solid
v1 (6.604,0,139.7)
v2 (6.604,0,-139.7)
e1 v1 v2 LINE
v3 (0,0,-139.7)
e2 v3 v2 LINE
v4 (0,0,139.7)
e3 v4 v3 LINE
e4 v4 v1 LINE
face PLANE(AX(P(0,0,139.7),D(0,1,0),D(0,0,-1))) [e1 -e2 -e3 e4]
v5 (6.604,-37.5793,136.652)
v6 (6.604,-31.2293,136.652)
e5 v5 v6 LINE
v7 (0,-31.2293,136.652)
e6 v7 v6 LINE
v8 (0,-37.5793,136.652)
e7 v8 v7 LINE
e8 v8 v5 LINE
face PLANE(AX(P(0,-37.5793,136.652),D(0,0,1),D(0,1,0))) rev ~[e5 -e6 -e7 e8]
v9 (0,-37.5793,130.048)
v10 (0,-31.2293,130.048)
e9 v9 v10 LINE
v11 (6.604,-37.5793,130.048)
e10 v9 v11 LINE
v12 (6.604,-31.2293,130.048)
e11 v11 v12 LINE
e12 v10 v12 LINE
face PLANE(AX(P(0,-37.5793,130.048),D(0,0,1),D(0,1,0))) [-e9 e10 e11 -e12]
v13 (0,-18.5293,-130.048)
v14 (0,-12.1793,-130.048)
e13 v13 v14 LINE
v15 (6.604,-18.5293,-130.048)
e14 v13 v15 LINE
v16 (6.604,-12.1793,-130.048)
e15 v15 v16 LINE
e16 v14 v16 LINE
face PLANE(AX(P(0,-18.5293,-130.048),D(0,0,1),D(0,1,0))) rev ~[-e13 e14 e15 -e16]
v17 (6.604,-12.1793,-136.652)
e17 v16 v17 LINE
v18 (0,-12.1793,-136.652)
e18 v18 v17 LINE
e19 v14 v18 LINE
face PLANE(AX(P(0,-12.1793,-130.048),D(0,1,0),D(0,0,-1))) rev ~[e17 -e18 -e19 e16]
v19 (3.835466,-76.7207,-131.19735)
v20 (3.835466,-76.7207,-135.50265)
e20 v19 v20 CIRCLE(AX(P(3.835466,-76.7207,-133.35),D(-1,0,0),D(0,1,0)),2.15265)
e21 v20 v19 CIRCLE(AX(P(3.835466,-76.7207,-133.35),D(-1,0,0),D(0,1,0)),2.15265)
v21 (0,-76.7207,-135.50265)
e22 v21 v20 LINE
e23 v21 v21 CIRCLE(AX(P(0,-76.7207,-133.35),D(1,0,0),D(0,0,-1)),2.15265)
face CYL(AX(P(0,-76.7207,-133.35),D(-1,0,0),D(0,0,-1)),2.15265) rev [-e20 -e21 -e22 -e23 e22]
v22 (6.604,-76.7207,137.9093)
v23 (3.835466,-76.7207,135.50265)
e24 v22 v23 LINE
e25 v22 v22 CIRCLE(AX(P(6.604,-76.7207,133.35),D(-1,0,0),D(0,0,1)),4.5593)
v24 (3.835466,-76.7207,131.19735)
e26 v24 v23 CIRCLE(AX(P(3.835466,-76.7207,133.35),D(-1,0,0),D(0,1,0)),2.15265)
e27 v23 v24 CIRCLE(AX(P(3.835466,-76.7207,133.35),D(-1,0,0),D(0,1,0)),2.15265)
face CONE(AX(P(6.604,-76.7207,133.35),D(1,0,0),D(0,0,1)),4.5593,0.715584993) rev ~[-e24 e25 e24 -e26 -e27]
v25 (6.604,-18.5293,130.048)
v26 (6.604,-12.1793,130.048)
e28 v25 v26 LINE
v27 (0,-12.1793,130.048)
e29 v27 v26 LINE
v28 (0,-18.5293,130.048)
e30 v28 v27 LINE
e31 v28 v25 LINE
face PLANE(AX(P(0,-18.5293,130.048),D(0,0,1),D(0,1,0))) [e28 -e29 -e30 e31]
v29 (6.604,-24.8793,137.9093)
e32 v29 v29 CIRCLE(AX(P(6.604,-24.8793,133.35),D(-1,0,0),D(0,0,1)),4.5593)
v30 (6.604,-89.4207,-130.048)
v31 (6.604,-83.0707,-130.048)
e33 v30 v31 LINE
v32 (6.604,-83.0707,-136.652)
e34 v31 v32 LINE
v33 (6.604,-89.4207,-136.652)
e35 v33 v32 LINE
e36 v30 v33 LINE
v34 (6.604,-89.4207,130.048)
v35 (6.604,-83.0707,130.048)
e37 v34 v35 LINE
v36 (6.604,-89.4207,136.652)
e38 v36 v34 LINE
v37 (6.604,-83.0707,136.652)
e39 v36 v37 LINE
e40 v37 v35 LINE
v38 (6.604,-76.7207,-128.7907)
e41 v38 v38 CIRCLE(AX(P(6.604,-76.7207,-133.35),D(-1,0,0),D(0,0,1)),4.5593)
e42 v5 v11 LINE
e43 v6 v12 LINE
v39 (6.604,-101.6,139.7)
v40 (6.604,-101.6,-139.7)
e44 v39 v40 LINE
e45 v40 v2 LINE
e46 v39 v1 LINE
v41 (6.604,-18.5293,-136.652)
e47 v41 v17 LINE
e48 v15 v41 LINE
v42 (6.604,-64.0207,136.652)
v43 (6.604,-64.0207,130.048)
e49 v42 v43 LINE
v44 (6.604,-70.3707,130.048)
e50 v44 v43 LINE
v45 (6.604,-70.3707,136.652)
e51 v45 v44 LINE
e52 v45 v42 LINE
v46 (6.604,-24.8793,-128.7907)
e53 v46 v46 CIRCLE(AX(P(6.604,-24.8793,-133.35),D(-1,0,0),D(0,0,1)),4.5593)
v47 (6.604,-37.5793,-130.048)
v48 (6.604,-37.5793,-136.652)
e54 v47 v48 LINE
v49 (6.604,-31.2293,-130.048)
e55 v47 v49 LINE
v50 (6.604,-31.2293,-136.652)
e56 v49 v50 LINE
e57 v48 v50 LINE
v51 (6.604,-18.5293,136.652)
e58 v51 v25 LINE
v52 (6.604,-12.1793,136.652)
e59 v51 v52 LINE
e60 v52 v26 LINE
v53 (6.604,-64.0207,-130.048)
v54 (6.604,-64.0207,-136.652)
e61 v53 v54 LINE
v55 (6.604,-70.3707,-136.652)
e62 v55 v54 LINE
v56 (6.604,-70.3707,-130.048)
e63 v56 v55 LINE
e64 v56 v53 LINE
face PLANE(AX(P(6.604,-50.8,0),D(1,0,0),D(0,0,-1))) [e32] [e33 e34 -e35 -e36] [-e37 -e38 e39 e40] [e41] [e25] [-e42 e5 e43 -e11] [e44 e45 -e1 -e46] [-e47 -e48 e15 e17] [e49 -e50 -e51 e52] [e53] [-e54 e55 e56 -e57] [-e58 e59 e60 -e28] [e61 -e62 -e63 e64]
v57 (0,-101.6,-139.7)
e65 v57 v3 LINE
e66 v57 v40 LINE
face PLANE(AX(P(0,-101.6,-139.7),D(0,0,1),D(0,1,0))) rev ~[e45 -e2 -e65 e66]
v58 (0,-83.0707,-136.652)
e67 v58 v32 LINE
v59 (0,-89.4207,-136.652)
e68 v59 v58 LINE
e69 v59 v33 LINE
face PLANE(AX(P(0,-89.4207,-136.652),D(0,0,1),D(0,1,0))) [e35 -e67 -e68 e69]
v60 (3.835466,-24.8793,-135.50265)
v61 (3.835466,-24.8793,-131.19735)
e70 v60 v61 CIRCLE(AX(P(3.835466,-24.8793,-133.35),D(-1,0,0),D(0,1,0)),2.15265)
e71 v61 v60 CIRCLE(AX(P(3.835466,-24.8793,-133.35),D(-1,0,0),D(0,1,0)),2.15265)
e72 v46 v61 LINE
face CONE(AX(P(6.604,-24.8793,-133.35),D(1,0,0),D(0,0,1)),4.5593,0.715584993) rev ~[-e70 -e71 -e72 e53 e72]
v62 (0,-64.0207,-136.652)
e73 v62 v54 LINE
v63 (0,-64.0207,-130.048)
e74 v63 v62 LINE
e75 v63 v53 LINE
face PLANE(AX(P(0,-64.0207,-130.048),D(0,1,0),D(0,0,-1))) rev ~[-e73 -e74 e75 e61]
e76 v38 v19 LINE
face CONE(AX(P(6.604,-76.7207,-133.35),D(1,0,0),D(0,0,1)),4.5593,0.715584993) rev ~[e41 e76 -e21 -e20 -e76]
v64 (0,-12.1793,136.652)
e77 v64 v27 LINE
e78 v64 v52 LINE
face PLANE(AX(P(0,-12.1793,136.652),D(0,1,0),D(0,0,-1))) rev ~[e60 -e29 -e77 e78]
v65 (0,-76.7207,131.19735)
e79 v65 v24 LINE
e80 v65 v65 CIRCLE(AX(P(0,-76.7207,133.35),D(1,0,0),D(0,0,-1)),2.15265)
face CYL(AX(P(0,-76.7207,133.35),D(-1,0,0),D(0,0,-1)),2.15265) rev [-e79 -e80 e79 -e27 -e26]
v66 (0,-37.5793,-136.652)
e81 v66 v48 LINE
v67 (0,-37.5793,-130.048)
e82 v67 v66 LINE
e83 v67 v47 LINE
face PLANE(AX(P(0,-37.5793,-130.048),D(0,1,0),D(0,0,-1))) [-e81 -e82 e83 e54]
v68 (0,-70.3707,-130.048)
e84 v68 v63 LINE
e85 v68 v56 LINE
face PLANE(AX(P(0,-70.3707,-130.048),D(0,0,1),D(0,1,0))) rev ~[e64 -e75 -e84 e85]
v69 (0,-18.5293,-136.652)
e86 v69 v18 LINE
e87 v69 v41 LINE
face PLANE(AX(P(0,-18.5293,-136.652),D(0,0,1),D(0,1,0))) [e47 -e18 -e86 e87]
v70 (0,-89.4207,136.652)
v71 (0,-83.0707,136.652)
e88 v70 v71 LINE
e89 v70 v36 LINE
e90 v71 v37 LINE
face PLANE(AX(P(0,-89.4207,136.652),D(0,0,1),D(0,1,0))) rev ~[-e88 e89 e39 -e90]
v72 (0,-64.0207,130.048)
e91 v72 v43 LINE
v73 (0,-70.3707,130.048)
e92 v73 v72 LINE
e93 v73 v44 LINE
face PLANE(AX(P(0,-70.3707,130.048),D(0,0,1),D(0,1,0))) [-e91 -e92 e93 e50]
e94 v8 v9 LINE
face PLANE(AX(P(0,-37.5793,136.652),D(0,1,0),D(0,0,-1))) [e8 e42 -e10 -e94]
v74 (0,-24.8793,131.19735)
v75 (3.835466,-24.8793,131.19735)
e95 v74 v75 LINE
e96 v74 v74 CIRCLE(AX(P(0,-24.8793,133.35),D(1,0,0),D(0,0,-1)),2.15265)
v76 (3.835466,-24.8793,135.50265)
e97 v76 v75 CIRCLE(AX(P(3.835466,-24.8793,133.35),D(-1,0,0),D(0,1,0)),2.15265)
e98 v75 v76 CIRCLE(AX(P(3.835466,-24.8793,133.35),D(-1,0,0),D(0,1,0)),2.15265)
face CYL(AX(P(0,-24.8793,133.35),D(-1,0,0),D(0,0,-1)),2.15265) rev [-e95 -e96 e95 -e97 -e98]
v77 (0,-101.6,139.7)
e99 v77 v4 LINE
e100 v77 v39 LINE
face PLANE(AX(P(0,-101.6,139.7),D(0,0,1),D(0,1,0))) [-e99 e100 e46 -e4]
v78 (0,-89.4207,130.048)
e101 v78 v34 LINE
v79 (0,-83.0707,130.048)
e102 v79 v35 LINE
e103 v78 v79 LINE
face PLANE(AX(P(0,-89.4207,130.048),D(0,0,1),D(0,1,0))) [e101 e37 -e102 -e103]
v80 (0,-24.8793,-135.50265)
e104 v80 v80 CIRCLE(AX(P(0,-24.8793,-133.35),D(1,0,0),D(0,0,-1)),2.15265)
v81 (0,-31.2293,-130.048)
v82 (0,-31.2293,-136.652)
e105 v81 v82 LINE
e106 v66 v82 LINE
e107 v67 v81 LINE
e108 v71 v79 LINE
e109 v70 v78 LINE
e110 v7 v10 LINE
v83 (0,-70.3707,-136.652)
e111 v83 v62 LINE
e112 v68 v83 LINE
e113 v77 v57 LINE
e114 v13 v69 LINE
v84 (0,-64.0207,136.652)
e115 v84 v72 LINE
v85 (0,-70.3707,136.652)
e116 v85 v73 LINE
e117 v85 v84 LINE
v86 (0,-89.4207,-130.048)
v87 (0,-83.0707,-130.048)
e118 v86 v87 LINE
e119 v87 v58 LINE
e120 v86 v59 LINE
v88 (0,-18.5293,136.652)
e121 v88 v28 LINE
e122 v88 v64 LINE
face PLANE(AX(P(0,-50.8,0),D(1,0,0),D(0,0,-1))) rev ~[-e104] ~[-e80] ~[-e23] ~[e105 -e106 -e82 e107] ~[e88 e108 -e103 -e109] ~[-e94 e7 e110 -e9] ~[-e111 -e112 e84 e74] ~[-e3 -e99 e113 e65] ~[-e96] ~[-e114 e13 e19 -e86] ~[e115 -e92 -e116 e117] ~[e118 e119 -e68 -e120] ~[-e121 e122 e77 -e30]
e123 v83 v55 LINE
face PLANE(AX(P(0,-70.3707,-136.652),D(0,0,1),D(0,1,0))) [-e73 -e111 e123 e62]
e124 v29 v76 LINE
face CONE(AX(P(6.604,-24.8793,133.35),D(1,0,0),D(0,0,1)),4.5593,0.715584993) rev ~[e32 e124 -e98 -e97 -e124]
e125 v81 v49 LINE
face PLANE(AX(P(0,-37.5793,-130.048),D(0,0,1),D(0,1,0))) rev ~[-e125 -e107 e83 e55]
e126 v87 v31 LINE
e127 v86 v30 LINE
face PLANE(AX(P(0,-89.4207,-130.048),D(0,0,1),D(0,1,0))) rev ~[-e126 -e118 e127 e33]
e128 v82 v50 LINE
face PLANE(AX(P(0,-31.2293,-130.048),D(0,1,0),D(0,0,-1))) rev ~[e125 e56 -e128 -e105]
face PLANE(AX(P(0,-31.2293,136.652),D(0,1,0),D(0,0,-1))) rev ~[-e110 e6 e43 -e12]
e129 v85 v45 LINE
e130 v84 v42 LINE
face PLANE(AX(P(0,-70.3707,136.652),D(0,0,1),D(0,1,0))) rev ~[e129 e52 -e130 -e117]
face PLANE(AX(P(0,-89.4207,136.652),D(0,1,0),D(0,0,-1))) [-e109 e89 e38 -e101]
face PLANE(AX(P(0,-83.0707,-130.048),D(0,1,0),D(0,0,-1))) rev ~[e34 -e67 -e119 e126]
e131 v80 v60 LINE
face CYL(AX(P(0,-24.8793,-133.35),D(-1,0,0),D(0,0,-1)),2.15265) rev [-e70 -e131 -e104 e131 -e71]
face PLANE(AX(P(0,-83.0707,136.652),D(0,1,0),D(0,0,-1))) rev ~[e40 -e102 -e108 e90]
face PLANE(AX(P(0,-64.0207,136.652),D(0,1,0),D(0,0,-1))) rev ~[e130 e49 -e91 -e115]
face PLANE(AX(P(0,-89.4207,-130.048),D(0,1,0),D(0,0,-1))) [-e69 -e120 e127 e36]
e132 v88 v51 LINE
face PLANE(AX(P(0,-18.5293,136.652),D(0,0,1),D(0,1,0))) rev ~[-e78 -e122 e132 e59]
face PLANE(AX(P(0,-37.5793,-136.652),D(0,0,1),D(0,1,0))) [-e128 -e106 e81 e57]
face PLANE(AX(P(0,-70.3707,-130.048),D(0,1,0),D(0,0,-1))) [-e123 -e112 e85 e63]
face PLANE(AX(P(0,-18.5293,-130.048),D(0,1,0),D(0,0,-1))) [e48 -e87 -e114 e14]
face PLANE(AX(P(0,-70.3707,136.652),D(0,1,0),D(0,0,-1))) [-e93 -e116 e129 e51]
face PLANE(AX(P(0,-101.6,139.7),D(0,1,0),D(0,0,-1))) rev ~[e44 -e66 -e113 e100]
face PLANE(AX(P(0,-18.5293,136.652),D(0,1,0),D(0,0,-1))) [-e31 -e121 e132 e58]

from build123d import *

# Parameters (mm, degrees)
SKETCH1_W                                         = 279.4
SKETCH1_H                                         = 101.6
SKETCH1_R                                         = 2.15265
SKETCH1_W_2                                       = 6.604
SKETCH1_H_2                                       = 6.35
BOSS_EXTRUDE1_DEPTH                               = 6.604
CSK_FOR_8_FLAT_HEAD_SOCKET_CAP_SCREW1_D           = 4.3053
CSK_FOR_8_FLAT_HEAD_SOCKET_CAP_SCREW1_CSINK_D     = 9.1186
CSK_FOR_8_FLAT_HEAD_SOCKET_CAP_SCREW1_CSINK_ANGLE = 82


with BuildPart() as part:
    # Sketch1 → Boss-Extrude1 (new body)
    with BuildSketch(Plane(origin=(0, 0, 0), x_dir=(0, 0, -1), z_dir=(1, 0, 0))):
        with Locations((0, -50.8)):
            Rectangle(SKETCH1_W, SKETCH1_H)
        with Locations((-133.35, -24.8793)):
            Circle(SKETCH1_R, mode=Mode.SUBTRACT)
        with Locations((-133.35, -76.7207)):
            Circle(SKETCH1_R, mode=Mode.SUBTRACT)
        with Locations((133.35, -24.8793)):
            Circle(SKETCH1_R, mode=Mode.SUBTRACT)
        with Locations((133.35, -76.720700102)):
            Circle(SKETCH1_R, mode=Mode.SUBTRACT)
        with Locations((-133.35, -34.4043)):
            Rectangle(SKETCH1_W_2, SKETCH1_H_2, mode=Mode.SUBTRACT)
        with Locations((-133.35, -15.3543)):
            Rectangle(SKETCH1_W_2, SKETCH1_H_2, mode=Mode.SUBTRACT)
        with Locations((-133.35, -86.2457)):
            Rectangle(SKETCH1_W_2, SKETCH1_H_2, mode=Mode.SUBTRACT)
        with Locations((-133.35, -67.1957)):
            Rectangle(SKETCH1_W_2, SKETCH1_H_2, mode=Mode.SUBTRACT)
        with Locations((133.35, -15.3543)):
            Rectangle(SKETCH1_W_2, SKETCH1_H_2, mode=Mode.SUBTRACT)
        with Locations((133.35, -34.4043)):
            Rectangle(SKETCH1_W_2, SKETCH1_H_2, mode=Mode.SUBTRACT)
        with Locations((133.35, -67.195700102)):
            Rectangle(SKETCH1_W_2, SKETCH1_H_2, mode=Mode.SUBTRACT)
        with Locations((133.35, -86.245700102)):
            Rectangle(SKETCH1_W_2, SKETCH1_H_2, mode=Mode.SUBTRACT)
    extrude(amount=BOSS_EXTRUDE1_DEPTH)

    # CSK for #8 Flat Head Socket Cap Screw1 (through all)
    with Locations(Plane(origin=(6.604, 0, 0), x_dir=(0, 0, -1), z_dir=(1, 0, 0))):
        with Locations((-133.35, -24.8793), (-133.35, -76.7207), (133.35, -24.8793), (133.35, -76.720700102)):
            CounterSinkHole(CSK_FOR_8_FLAT_HEAD_SOCKET_CAP_SCREW1_D / 2, CSK_FOR_8_FLAT_HEAD_SOCKET_CAP_SCREW1_CSINK_D / 2, counter_sink_angle=CSK_FOR_8_FLAT_HEAD_SOCKET_CAP_SCREW1_CSINK_ANGLE)


solid = part.part
